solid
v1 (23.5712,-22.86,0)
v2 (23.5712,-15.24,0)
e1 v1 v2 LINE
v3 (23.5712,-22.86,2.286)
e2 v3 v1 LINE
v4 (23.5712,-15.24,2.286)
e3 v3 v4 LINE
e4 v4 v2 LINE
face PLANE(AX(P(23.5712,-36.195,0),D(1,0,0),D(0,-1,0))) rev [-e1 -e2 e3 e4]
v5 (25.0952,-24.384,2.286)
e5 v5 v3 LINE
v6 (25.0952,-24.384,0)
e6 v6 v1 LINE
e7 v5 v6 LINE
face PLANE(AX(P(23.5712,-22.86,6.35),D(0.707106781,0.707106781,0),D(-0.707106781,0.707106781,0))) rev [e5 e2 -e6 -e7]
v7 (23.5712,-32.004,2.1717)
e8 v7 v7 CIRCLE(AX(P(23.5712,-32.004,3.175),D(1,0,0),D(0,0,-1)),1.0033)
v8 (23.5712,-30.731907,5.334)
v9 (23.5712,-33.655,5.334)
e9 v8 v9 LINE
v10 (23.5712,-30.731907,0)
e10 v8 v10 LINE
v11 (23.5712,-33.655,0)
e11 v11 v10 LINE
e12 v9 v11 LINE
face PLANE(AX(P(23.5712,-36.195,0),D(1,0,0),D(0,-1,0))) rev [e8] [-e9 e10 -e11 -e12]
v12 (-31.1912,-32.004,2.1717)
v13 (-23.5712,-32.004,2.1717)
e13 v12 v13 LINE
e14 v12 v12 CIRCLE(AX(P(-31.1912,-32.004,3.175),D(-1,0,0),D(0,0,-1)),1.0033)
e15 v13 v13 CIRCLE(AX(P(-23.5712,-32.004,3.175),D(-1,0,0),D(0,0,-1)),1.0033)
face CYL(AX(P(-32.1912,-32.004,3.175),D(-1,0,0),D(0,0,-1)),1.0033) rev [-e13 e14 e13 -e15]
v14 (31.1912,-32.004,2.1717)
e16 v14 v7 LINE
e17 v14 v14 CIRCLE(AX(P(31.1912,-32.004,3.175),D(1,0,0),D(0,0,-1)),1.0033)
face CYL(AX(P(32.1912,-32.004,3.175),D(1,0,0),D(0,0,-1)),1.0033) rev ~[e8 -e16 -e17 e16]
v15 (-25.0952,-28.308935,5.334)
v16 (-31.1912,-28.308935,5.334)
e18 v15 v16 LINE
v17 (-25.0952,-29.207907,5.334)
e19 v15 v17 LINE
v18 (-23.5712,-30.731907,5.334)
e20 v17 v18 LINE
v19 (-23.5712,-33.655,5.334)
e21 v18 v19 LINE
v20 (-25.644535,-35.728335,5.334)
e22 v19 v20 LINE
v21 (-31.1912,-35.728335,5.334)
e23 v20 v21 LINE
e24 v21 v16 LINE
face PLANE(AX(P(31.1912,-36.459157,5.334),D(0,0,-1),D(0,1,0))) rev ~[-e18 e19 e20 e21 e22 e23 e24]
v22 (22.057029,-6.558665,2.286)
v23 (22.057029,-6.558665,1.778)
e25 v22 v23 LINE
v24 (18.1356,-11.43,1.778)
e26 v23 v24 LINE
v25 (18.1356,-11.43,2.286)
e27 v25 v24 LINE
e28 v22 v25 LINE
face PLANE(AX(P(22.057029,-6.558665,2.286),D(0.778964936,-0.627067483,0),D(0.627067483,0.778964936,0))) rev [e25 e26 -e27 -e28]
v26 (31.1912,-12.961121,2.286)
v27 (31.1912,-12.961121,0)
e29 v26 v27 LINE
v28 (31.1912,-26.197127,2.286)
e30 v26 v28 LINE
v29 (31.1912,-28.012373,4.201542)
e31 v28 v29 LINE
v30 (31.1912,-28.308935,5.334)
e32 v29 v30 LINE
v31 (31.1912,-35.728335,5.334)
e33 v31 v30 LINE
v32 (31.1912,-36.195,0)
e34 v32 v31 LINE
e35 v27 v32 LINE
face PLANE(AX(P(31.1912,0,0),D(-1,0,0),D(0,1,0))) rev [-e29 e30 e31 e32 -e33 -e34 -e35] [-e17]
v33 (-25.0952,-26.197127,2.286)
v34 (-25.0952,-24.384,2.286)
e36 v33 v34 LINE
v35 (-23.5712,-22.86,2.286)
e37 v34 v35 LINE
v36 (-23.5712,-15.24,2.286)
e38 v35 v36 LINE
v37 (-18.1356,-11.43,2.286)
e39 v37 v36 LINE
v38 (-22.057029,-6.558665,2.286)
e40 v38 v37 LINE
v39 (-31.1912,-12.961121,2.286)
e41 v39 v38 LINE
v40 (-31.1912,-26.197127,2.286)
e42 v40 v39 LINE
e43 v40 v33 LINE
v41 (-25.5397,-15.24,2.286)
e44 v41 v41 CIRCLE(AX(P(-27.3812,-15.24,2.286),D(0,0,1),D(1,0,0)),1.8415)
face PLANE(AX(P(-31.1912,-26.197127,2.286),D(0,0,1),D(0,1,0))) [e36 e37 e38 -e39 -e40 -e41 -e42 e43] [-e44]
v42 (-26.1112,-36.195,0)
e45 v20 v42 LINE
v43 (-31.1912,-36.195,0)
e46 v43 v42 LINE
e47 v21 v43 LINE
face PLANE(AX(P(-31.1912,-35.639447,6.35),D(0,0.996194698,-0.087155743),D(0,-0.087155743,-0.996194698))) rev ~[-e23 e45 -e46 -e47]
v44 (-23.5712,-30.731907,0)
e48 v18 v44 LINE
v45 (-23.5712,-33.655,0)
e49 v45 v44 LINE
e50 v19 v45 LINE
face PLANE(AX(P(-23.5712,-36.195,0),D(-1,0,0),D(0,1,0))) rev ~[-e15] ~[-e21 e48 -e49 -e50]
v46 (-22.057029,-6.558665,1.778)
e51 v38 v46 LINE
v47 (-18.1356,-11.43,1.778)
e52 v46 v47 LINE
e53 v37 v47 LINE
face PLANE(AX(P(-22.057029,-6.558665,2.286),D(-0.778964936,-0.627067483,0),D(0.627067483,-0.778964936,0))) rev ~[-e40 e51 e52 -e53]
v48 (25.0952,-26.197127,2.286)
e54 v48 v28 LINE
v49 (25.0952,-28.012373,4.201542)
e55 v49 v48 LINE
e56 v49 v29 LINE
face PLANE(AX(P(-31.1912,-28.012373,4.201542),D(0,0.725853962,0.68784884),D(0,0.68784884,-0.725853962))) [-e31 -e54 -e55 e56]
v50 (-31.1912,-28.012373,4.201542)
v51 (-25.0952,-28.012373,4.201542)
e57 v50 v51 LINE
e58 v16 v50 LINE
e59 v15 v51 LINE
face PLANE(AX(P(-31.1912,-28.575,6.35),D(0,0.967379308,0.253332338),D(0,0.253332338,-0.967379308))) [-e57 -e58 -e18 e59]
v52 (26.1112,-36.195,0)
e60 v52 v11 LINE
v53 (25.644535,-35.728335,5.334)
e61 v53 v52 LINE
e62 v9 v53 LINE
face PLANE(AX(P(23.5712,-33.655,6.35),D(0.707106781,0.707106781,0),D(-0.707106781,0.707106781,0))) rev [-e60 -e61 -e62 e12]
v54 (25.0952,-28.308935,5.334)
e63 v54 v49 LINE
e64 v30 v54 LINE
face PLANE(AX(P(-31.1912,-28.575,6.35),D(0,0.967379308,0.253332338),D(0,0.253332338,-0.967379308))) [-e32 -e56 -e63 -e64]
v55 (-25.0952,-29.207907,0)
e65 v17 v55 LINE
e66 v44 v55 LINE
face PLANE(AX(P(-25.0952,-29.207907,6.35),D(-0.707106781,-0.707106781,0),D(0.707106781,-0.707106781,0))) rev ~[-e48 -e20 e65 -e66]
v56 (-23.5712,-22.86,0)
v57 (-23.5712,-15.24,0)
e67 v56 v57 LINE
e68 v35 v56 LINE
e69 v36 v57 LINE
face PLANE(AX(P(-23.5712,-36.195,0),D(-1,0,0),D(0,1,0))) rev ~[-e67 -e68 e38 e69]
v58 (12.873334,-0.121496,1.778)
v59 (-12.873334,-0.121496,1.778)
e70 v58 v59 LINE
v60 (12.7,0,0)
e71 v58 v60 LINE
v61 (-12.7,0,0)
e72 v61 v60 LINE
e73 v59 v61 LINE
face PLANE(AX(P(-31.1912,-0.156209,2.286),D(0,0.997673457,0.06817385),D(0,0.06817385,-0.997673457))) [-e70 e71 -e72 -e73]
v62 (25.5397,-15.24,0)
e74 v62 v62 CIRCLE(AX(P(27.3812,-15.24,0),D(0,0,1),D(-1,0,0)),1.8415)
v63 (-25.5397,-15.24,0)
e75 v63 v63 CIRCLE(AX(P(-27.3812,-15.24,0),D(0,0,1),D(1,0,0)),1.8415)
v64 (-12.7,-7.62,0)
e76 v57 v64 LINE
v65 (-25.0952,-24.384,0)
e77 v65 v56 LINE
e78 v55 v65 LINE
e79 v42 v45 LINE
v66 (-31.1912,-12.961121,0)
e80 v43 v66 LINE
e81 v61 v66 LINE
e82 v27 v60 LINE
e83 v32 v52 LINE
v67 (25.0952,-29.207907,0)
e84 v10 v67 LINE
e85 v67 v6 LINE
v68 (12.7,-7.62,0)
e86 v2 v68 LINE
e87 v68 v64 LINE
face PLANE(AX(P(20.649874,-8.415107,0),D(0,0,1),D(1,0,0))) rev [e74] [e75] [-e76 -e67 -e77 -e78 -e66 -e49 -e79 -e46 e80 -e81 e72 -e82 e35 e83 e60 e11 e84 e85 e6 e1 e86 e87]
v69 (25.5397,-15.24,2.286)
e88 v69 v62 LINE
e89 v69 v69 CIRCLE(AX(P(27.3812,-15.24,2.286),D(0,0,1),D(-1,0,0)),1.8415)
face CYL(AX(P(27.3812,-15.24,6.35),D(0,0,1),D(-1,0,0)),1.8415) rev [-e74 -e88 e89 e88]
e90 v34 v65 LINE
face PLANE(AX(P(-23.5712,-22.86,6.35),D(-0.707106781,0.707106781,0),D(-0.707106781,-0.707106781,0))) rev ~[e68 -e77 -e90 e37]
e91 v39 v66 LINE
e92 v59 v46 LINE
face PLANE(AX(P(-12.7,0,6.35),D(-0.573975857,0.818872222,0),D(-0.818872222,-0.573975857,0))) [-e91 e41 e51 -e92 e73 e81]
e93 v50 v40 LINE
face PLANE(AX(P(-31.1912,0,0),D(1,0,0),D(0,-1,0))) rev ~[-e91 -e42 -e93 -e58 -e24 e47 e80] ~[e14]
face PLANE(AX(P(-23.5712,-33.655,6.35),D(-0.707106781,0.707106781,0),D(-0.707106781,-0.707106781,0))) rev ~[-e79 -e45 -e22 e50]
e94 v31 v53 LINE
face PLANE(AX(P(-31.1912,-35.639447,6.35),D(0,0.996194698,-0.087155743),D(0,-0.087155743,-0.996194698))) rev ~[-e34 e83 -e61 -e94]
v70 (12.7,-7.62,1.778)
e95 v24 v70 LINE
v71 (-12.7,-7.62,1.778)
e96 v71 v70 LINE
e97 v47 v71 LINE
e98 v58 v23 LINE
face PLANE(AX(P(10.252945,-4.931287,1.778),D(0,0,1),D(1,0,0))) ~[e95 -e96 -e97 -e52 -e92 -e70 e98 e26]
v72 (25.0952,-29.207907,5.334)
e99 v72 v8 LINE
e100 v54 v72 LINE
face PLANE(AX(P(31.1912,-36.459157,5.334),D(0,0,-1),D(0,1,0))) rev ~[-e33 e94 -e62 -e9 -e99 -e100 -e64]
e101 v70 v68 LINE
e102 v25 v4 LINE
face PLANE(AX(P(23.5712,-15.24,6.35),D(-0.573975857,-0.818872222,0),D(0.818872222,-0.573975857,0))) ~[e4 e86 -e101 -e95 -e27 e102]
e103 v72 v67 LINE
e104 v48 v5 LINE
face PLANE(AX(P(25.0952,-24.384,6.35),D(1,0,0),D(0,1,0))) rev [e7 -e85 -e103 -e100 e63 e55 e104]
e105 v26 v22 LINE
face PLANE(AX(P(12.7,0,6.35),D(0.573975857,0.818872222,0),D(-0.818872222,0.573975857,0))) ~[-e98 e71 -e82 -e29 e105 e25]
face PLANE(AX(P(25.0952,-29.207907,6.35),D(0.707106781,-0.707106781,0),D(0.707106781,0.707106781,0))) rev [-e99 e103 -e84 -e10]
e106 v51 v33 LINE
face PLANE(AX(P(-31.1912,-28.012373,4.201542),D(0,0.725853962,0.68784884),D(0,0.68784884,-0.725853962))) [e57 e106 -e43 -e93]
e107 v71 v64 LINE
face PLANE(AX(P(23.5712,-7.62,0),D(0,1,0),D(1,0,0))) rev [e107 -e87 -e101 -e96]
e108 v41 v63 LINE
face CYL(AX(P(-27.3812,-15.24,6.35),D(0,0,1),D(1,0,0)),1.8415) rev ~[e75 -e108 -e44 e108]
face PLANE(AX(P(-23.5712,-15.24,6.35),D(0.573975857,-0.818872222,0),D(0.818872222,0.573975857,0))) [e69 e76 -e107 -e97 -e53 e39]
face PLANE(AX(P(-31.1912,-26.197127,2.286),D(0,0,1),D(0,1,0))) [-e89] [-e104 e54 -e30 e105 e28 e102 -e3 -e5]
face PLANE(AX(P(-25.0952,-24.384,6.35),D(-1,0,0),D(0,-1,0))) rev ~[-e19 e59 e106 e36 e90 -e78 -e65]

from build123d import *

# Parameters (mm, degrees)
BOSS_EXTRUDE1_DEPTH                  = 6.35
CUT_START                            = -8.62
SKETCH2_R                            = 1.0033
CUT_FOR_LID_MOUNT_SCREW_DEPTH        = 33.1912
SKETCH3_R                            = 1.8415
CUT_FOR_MOUNTING_SCREW_DEPTH         = 7.35
CUT_FOR_CONTROL_WIRE_CLEARANCE_DEPTH = 7.35
BOSS_EXTRUDE2_DEPTH                  = 6.35
CUT_EXTRUDE1_DEPTH                   = 7.35
CUT_EXTRUDE2_DEPTH                   = 63.3824
SKETCH18_W                           = 1.016
SKETCH18_H                           = 8.944323542
CUT_EXTRUDE11_DEPTH                  = 63.3824
CUT_EXTRUDE12_DEPTH                  = 0.508


with BuildPart() as part:
    # Sketch1 → Boss-Extrude1 (new body)
    with BuildSketch(Plane.XY):
        Polygon((0, 0), (-31.1912, 0), (-31.1912, -36.195), (-23.5712, -36.195), (-23.5712, -7.62), (0, -7.62), align=None)
    boss_extrude1 = extrude(amount=BOSS_EXTRUDE1_DEPTH)

    # Sketch2 → cut for lid mount screw (cut)
    with BuildSketch(Plane(origin=(-23.5712, 0, 0), x_dir=(0, 0, -1), z_dir=(1, 0, 0)).offset(CUT_START)):
        with Locations((-3.175, -32.004)):
            Circle(SKETCH2_R)
    cut_for_lid_mount_screw = extrude(amount=CUT_FOR_LID_MOUNT_SCREW_DEPTH, mode=Mode.SUBTRACT)

    # Sketch3 → cut for mounting screw (cut, through all)
    with BuildSketch(Plane.XY.offset(6.35)):
        with Locations((-27.3812, -15.24)):
            Circle(SKETCH3_R)
    cut_for_mounting_screw = extrude(amount=-CUT_FOR_MOUNTING_SCREW_DEPTH, mode=Mode.SUBTRACT)

    # Mirror1: Boss-Extrude1 across plane
    add(boss_extrude1.mirror(Plane(origin=(0, 0, 0), x_dir=(0, 0, 1), z_dir=(1, 0, 0))))

    # Mirror2: cut for lid mount screw across plane
    add(cut_for_lid_mount_screw.mirror(Plane(origin=(0, 0, 0), x_dir=(0, 0, 1), z_dir=(1, 0, 0))), mode=Mode.SUBTRACT)

    # Mirror3: cut for mounting screw across plane
    add(cut_for_mounting_screw.mirror(Plane(origin=(0, 0, 0), x_dir=(0, 0, 1), z_dir=(1, 0, 0))), mode=Mode.SUBTRACT)

    # Sketch4 → cut for control wire clearance (cut, through all)
    with BuildSketch(Plane.XY.offset(6.35)):
        Polygon((-25.0952, -24.384), (-25.0952, -29.207906516), (-23.5712, -30.731906516), (-23.5712, -22.86), align=None)
        Polygon((-23.5712, -36.195), (-23.5712, -33.655), (-26.1112, -36.195), align=None)
    cut_for_control_wire_clearance = extrude(amount=-CUT_FOR_CONTROL_WIRE_CLEARANCE_DEPTH, mode=Mode.SUBTRACT)

    # Mirror4: cut for control wire clearance across plane
    add(cut_for_control_wire_clearance.mirror(Plane(origin=(0, 0, 0), x_dir=(0, 0, 1), z_dir=(1, 0, 0))), mode=Mode.SUBTRACT)

    # Sketch5 → Boss-Extrude2 (add)
    with BuildSketch(Plane.XY.offset(6.35)):
        Polygon((-23.5712, -15.24), (-12.7, -7.62), (-13.297814932, 0), (-31.1912, -12.542092337), (-25.168706666, -12.542092337), align=None)
    boss_extrude2 = extrude(amount=-BOSS_EXTRUDE2_DEPTH)

    # Sketch6 → Cut-Extrude1 (cut, through all)
    with BuildSketch(Plane.XY.offset(6.35)):
        Polygon((-12.7, 0), (-31.1912, -12.961121495), (-31.1912, 0), align=None)
    cut_extrude1 = extrude(amount=-CUT_EXTRUDE1_DEPTH, mode=Mode.SUBTRACT)

    # Mirror5: Boss-Extrude2, Cut-Extrude1 across plane
    add(boss_extrude2.mirror(Plane(origin=(0, 0, 0), x_dir=(0, 0, 1), z_dir=(1, 0, 0))))
    add(cut_extrude1.mirror(Plane(origin=(0, 0, 0), x_dir=(0, 0, 1), z_dir=(1, 0, 0))), mode=Mode.SUBTRACT)

    # Sketch7 → Cut-Extrude2 (cut, through all)
    with BuildSketch(Plane.ZY.offset(31.1912)):
        Polygon((6.35, -28.575), (4.201541935, -28.012372807), (2.286, -26.197127086), (2.286, -0.156208848), (0, 0), (6.35, 0), align=None)
        Polygon((0, -36.195), (6.35, -36.195), (6.35, -35.639446987), align=None)
    extrude(amount=-CUT_EXTRUDE2_DEPTH, mode=Mode.SUBTRACT)

    # Sketch18 → Cut-Extrude11 (cut, through all)
    with BuildSketch(Plane(origin=(31.1912, 0, 0), x_dir=(0, 0, -1), z_dir=(1, 0, 0))):
        with Locations((-5.842, -31.986995599)):
            Rectangle(SKETCH18_W, SKETCH18_H)
    extrude(amount=-CUT_EXTRUDE11_DEPTH, mode=Mode.SUBTRACT)

    # Sketch19 → Cut-Extrude12 (cut)
    with BuildSketch(Plane.XY.offset(2.286)):
        Polygon((-22.057028978, -6.558665171), (-18.1356, -11.43), (-12.7, -7.62), (0, -7.62), (0, 0), (-12.7, 0), align=None)
    cut_extrude12 = extrude(amount=-CUT_EXTRUDE12_DEPTH, mode=Mode.SUBTRACT)

    # Mirror6: Cut-Extrude12 across plane
    add(cut_extrude12.mirror(Plane(origin=(0, 0, 0), x_dir=(0, 0, 1), z_dir=(1, 0, 0))), mode=Mode.SUBTRACT)


solid = part.part
